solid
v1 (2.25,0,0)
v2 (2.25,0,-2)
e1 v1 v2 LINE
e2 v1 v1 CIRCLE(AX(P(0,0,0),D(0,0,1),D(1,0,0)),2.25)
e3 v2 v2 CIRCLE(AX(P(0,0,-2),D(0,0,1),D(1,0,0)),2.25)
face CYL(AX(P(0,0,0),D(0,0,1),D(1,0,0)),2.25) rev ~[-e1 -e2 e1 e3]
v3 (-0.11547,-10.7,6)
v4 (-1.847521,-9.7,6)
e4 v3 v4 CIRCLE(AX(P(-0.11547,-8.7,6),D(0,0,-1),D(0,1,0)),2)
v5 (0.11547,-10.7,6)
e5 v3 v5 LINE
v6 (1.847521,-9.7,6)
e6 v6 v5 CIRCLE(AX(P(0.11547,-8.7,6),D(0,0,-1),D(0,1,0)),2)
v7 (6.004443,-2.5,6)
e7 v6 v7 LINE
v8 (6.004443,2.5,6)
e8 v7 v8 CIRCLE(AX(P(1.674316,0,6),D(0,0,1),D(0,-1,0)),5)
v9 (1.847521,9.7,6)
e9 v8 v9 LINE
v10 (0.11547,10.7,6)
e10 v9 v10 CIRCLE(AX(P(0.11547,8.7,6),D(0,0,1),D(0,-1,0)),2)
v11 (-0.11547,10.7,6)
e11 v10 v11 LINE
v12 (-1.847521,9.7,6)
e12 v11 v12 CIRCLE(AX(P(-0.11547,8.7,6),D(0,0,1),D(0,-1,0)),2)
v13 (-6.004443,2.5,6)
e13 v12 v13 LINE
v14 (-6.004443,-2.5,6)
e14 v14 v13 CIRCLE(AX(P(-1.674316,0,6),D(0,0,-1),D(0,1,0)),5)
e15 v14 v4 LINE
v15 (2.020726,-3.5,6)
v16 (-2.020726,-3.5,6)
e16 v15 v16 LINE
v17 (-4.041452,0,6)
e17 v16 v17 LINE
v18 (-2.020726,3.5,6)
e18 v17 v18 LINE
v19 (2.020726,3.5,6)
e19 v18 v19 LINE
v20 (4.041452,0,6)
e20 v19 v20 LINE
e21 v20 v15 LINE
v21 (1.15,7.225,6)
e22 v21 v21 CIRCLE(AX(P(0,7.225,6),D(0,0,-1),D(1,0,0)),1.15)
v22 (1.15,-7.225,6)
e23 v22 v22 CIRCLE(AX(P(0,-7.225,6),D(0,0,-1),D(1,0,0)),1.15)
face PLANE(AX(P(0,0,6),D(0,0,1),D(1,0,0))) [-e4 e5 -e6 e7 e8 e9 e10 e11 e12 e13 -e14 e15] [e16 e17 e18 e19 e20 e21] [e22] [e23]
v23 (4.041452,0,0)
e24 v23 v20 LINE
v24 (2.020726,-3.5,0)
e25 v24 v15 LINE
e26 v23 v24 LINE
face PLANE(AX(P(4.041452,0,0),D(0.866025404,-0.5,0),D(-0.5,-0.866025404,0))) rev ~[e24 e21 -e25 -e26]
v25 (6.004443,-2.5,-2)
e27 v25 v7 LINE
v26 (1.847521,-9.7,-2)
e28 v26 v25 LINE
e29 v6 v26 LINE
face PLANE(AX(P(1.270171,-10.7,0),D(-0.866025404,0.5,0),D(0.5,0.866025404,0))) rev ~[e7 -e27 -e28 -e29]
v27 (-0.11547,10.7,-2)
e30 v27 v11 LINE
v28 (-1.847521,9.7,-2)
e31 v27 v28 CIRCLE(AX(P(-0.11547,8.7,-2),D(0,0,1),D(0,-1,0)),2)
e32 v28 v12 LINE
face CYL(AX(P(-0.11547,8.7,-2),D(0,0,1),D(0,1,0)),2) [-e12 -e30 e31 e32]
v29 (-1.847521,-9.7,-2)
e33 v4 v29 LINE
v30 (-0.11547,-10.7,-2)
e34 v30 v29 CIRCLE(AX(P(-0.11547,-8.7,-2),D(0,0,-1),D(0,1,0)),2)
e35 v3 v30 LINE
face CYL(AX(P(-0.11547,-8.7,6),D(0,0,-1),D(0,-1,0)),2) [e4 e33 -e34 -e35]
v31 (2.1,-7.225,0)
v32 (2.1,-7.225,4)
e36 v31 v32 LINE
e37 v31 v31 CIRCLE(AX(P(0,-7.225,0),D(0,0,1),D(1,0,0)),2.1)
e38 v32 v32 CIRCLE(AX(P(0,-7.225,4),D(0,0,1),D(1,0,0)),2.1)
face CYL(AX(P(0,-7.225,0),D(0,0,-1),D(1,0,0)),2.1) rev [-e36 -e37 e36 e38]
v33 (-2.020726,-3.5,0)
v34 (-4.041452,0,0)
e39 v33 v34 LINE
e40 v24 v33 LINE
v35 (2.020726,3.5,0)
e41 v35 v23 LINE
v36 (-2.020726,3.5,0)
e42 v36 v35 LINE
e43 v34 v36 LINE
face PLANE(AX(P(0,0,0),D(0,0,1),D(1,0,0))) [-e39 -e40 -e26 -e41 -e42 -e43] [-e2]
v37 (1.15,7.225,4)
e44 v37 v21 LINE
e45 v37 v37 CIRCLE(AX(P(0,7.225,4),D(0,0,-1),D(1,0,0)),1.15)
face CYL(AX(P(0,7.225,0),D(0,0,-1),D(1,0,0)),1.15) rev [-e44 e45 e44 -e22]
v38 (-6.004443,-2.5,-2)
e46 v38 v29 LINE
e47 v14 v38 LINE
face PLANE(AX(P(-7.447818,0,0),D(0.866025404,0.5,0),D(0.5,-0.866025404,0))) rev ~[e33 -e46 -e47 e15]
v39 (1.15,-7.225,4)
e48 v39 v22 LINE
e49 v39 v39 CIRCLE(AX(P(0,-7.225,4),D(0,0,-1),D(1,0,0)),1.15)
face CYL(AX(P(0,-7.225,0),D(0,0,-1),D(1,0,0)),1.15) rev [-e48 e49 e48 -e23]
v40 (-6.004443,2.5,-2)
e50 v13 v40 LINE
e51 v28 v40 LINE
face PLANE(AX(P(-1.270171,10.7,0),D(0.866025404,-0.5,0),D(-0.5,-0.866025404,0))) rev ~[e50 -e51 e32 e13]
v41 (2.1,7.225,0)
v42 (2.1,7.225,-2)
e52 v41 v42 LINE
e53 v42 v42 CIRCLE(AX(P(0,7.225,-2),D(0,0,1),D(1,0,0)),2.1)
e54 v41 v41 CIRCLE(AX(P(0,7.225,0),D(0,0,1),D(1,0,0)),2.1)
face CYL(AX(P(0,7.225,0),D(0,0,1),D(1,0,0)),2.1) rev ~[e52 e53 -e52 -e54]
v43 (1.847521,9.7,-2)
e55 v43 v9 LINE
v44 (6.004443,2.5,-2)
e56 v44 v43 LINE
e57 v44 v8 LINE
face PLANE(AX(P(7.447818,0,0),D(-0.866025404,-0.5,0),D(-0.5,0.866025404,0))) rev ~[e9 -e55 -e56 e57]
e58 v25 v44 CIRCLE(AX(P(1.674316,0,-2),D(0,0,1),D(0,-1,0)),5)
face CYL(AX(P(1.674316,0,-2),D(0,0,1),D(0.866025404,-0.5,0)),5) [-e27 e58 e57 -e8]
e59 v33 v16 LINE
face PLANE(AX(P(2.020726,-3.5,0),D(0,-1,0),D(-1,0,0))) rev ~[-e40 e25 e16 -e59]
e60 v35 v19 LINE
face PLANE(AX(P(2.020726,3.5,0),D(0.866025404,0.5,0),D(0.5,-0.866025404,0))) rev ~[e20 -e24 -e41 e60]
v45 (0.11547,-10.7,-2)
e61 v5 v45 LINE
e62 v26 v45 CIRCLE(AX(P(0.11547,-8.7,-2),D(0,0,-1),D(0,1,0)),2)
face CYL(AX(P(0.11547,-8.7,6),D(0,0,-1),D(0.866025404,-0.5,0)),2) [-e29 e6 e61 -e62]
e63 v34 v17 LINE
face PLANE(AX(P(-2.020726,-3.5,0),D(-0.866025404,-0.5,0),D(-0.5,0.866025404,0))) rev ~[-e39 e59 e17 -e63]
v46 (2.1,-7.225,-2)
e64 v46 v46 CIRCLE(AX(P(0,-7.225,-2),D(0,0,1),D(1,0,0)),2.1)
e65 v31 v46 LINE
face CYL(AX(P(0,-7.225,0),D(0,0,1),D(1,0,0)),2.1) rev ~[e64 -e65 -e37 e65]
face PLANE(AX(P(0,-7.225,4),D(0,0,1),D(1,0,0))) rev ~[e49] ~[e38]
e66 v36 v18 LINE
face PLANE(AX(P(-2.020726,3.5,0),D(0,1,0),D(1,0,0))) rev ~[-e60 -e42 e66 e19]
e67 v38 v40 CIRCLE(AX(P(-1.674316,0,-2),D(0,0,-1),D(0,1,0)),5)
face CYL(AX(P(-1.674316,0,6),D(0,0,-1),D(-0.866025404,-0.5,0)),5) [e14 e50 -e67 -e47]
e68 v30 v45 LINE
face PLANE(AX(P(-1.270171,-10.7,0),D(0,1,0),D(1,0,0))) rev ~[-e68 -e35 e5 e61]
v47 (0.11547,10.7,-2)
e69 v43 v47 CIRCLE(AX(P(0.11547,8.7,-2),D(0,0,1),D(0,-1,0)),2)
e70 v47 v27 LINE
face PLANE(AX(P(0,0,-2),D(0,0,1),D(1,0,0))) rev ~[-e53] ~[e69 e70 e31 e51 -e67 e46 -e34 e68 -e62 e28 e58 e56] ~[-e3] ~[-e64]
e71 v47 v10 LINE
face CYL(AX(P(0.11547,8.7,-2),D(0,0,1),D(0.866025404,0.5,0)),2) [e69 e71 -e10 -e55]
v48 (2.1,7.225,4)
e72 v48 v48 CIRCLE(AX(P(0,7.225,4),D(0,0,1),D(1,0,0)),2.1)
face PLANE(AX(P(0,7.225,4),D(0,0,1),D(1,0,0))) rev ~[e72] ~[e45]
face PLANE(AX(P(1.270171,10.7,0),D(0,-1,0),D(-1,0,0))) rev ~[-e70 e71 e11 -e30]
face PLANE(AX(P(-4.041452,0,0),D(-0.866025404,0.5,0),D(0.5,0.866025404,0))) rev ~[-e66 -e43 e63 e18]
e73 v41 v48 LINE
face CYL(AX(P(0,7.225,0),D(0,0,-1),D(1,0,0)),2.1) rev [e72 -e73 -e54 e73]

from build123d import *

# Parameters (mm, degrees)
F2_DEPTH      = 2
F7_DEPTH      = 6
F3_R          = 1.15
F8_DEPTH      = 2.001
F8_DEPTH_BACK = 6.001
F4_R          = 2.1
F9_DEPTH      = 2.001
F9_DEPTH_BACK = 4
F6_R          = 2.25
F10_DEPTH     = 2.001
F11_R         = 5
F12_R         = 2


with BuildPart() as f2:
    # F1 (on Top) → F2 (new body)
    with BuildSketch(Plane.XY):
        Polygon((1.2701705922, 10.7), (0, 10.7), (-1.2701705922, 10.7), (-7.4478184725, 0), (-1.2701705922, -10.7), (0, -10.7), (1.2701705922, -10.7), (7.4478184725, 0), align=None)
    extrude(amount=-F2_DEPTH)

    # F5 (on Top) → F7 (join)
    with BuildSketch(Plane.XY):
        Polygon((1.2701705922, -10.7), (7.4478184725, 0), (1.2701705922, 10.7), (0, 10.7), (-1.2701705922, 10.7), (-7.4478184725, 0), (-1.2701705922, -10.7), (0, -10.7), align=None)
        Polygon((2.0207259422, 3.5), (4.0414518843, 0), (2.0207259422, -3.5), (0, -3.5), (-2.0207259422, -3.5), (-4.0414518843, 0), (-2.0207259422, 3.5), (0, 3.5), align=None, mode=Mode.SUBTRACT)
    extrude(amount=F7_DEPTH)

    # F3 (on Top) → F8 (cut, two sides)
    with BuildSketch(Plane.XY) as f8_sk:
        with Locations((0, 7.225)):
            Circle(F3_R)
        with Locations((0, -7.225)):
            Circle(F3_R)
    extrude(amount=-F8_DEPTH, mode=Mode.SUBTRACT)
    extrude(f8_sk.sketch, amount=F8_DEPTH_BACK, mode=Mode.SUBTRACT)

    # F4 (on Top) → F9 (cut, two sides)
    with BuildSketch(Plane.XY) as f9_sk:
        with Locations((0, 7.225)):
            Circle(F4_R)
        with Locations((0, -7.225)):
            Circle(F4_R)
    extrude(amount=-F9_DEPTH, mode=Mode.SUBTRACT)
    extrude(f9_sk.sketch, amount=F9_DEPTH_BACK, mode=Mode.SUBTRACT)

    # F6 (on Top) → F10 (cut, through all)
    with BuildSketch(Plane.XY):
        Circle(F6_R)
    extrude(amount=-F10_DEPTH, mode=Mode.SUBTRACT)

    # F11
    f11_edges = [f2.edges().sort_by_distance(p)[0] for p in [
        (7.447818, 0, 2),
        (-7.447818, 0, 2),
    ]]
    fillet(f11_edges, radius=F11_R)

    # F12
    f12_edges = [f2.edges().sort_by_distance(p)[0] for p in [
        (1.270171, -10.7, 2),
        (-1.270171, -10.7, 2),
        (-1.270171, 10.7, 2),
        (1.270171, 10.7, 2),
    ]]
    fillet(f12_edges, radius=F12_R)


solid = f2.part
